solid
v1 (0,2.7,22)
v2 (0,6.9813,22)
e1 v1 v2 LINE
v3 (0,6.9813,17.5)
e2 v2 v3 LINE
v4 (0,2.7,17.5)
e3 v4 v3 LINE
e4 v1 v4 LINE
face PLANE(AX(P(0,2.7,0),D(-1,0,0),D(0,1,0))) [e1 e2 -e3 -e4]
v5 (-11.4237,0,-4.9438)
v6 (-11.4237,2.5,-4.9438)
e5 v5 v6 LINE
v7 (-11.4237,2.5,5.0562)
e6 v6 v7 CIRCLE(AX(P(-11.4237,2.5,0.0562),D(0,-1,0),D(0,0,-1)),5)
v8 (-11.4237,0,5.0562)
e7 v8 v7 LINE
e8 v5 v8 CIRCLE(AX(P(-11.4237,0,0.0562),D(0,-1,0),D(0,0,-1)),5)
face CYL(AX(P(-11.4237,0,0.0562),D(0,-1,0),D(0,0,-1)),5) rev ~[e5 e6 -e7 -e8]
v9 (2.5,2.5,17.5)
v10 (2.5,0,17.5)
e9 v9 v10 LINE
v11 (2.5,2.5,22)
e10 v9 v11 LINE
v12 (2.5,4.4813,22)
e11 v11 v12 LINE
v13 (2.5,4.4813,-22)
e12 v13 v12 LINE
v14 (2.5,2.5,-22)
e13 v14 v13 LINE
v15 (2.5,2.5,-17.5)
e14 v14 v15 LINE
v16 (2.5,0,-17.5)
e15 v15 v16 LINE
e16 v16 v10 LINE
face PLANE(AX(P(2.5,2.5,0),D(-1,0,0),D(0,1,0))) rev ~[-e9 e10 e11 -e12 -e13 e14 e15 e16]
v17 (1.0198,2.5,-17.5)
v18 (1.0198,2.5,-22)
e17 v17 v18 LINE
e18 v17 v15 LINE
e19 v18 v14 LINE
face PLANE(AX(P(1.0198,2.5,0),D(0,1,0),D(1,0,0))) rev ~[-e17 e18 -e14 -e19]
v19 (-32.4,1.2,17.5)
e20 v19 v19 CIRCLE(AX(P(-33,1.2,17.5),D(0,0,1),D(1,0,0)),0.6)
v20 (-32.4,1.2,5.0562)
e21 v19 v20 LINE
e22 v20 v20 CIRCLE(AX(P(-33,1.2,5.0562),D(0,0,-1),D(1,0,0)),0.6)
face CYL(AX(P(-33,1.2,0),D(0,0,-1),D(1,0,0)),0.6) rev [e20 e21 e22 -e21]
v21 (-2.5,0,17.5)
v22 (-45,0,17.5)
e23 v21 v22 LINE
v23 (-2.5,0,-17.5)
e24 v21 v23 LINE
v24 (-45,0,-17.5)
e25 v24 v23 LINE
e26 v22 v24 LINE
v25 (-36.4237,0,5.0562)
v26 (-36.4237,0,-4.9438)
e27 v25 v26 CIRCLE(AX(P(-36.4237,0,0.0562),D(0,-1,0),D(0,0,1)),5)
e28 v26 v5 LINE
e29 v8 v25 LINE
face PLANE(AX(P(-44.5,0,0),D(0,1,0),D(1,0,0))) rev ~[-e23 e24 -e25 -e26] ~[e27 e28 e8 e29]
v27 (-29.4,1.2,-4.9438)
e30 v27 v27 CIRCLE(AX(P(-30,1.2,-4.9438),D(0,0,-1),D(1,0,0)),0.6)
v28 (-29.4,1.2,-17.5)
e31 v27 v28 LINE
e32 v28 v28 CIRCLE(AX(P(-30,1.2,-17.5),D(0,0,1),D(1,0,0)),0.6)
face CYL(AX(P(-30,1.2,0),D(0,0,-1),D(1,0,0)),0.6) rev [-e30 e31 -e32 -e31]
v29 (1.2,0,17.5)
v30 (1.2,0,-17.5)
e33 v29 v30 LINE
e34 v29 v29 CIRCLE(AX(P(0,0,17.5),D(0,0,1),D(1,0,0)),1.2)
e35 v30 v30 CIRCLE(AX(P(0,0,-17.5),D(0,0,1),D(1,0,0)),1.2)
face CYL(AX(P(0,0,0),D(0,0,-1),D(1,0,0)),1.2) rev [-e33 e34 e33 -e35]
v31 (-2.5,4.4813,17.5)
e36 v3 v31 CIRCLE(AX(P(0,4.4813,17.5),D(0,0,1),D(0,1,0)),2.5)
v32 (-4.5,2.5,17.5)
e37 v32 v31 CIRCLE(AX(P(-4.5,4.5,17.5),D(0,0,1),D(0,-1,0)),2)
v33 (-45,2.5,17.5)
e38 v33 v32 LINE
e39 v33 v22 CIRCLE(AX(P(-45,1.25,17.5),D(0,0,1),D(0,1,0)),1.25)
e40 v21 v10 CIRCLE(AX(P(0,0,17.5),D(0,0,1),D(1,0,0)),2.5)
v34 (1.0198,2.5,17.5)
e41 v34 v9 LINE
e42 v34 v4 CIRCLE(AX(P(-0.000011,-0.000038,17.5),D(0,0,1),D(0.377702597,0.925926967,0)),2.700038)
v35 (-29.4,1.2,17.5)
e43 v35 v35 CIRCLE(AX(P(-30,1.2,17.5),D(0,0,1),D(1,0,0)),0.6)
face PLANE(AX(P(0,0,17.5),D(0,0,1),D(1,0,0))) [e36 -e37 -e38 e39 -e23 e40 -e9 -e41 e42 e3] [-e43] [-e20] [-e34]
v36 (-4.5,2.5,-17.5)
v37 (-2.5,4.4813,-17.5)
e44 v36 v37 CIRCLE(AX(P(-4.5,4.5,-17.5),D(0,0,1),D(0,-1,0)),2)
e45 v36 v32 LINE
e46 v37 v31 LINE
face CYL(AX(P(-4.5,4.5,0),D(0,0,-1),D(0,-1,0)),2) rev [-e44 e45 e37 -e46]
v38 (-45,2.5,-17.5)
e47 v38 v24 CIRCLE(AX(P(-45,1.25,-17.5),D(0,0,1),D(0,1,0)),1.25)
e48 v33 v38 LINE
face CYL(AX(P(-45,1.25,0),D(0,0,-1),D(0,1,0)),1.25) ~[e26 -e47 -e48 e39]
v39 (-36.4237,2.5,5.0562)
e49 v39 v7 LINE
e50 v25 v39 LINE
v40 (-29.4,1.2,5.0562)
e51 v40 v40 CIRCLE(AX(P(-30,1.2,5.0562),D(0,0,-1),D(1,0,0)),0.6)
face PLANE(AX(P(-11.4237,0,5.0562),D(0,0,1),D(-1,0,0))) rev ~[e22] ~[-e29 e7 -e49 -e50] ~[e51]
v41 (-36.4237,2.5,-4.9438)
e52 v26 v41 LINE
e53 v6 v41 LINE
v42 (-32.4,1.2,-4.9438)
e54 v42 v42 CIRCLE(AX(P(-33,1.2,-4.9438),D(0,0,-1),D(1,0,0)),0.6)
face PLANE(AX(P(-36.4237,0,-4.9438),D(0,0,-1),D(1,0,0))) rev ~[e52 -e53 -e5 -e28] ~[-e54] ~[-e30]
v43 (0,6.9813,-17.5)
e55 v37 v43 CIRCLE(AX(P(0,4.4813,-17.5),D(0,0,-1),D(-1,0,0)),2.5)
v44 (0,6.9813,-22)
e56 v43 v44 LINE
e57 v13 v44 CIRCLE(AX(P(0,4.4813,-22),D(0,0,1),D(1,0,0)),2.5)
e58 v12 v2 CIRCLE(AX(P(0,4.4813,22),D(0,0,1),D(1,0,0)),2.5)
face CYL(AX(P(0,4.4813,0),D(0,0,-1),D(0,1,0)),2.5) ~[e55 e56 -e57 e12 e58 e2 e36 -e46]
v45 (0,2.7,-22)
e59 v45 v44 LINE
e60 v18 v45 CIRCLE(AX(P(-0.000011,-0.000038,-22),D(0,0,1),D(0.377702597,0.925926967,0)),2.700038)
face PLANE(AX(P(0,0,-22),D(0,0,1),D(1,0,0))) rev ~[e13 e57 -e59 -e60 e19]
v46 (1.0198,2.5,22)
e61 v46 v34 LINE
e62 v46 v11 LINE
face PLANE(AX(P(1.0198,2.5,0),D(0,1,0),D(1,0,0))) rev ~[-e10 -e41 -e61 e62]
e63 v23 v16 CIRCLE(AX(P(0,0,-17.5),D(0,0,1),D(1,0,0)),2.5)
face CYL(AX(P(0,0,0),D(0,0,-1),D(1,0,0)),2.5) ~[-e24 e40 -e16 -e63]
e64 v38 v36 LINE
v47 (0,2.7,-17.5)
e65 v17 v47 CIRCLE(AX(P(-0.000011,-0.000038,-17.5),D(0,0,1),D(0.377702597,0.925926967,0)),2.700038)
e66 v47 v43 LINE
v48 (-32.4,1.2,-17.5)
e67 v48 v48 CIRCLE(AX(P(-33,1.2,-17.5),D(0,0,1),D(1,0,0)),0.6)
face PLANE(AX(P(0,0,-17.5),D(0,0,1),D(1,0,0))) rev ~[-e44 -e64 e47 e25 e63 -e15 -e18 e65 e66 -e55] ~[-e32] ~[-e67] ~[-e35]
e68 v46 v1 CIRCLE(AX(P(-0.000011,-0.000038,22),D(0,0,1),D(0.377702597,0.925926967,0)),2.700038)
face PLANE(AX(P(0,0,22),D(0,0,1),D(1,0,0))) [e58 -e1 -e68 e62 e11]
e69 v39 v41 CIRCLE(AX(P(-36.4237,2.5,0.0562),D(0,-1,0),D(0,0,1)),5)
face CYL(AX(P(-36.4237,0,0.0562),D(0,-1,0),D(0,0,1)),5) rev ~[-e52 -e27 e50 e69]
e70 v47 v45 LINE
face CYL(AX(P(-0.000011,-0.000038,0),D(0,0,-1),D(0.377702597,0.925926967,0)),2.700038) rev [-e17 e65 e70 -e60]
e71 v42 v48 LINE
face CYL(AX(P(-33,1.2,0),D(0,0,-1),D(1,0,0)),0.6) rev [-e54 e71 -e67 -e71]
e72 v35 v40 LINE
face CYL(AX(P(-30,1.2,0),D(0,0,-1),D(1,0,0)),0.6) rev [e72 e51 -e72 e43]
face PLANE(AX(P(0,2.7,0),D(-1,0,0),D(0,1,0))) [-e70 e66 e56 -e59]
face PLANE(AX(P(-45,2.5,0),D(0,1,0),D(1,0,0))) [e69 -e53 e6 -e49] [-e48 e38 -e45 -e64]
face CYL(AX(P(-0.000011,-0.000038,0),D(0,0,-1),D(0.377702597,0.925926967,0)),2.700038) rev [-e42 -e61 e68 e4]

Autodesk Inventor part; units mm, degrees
ref_plane "YZ Plane" through (0, 0, 0) normal (1, 0, 0) x (0, 1, 0)
ref_plane "XZ Plane" through (0, 0, 0) normal (0, 1, 0) x (-1, 0, 0)
ref_plane "XY Plane" through (0, 0, 0) normal (0, 0, 1) x (1, 0, 0)
sketch "Skizze1" plane through (0, 0, 0) normal (0, 0, 1) x (1, 0, 0)
  line L0 (0, 9.4989) -> (0, -4.4998) construction
  line L1 (-56.1636, 0) -> (12.8813, 0) construction
  circle A0 centre (0, 0) radius 2.5
  arc A1 (-45, 2.5) -> (-45, 0) centre (-45, 1.25) ccw
  line L2 (-45, 2.5) -> (-4.5, 2.5)
  line L3 (-45, 0) -> (-2.5, 0)
  circle A2 centre (0, 0) radius 1.2
  circle A3 centre (-45, 1.2) radius 1.3
  line L4 (0, 2.5) -> (0, 6.9813)
  arc A4 (2.5, 4.4813) -> (0, 6.9813) centre (0, 4.4813) ccw
  line L5 (2.5, 2.5) -> (2.5, 0)
  line L6 (1.0198, 2.5) -> (2.5, 2.5)
  line L7 (2.5, 2.5) -> (2.5, 4.4813)
  arc A5 (0, 6.9813) -> (-2.5, 4.4813) centre (0, 4.4813) ccw
  line L8 (-2.5, 4.4813) -> (-2.5, 4.5)
  arc A6 (-4.5, 2.5) -> (-2.5, 4.5) centre (-4.5, 4.5) ccw
  arc A7 (1.0198, 2.5) -> (0, 2.7) centre (0, 0) ccw
  circle A8 centre (-33, 1.2) radius 0.6
  circle A9 centre (-30, 1.2) radius 0.6
  line L9 (-45, 1.2) -> (0, 1.2) construction
  point P0 (-2.5, 0)
  dimension "d3" = 2.4
  dimension "d0" = 5
  dimension "d1" = 2.5
  dimension "d6" = 45
  dimension "d21" = 2
  dimension "d22" = 0.2
  dimension "d23" = 1.2
  dimension "d24" = 3
  dimension "d25" = 30
extrude "Extrusion1" add sketch "Skizze1" along normal mid plane 35 contours A0 | A0 L4 A7 L6 L5 | A0 L3 A3 L2 A6 A5 L4 | L3 A1 A3 picked at (-45.3896, 1.1022)
extrude "Extrusion6" add sketch "Skizze1" along normal mid plane 44 contours L6 A7 L4 A4 L7
sketch "Skizze2" plane through (-45, 0, 17.5) normal (0, -1, 0) x (1, 0, 0)
  line L0 (8.5763, -17.4438) -> (33.5763, -17.4438) construction
  line L1 (8.5763, -22.4438) -> (33.5763, -22.4438)
  line L2 (33.5763, -12.4438) -> (8.5763, -12.4438)
  arc A0 (8.5763, -12.4438) -> (8.5763, -22.4438) centre (8.5763, -17.4438) ccw
  arc A1 (33.5763, -22.4438) -> (33.5763, -12.4438) centre (33.5763, -17.4438) ccw
  point P0 (45, -17.5)
  point P1 (21.0763, -17.4438)
  dimension "d26" = 10
  dimension "d27" = 25
extrude "Extrusion7" cut sketch "Skizze2" against normal through all
properties part number "Bottom-Lip"
